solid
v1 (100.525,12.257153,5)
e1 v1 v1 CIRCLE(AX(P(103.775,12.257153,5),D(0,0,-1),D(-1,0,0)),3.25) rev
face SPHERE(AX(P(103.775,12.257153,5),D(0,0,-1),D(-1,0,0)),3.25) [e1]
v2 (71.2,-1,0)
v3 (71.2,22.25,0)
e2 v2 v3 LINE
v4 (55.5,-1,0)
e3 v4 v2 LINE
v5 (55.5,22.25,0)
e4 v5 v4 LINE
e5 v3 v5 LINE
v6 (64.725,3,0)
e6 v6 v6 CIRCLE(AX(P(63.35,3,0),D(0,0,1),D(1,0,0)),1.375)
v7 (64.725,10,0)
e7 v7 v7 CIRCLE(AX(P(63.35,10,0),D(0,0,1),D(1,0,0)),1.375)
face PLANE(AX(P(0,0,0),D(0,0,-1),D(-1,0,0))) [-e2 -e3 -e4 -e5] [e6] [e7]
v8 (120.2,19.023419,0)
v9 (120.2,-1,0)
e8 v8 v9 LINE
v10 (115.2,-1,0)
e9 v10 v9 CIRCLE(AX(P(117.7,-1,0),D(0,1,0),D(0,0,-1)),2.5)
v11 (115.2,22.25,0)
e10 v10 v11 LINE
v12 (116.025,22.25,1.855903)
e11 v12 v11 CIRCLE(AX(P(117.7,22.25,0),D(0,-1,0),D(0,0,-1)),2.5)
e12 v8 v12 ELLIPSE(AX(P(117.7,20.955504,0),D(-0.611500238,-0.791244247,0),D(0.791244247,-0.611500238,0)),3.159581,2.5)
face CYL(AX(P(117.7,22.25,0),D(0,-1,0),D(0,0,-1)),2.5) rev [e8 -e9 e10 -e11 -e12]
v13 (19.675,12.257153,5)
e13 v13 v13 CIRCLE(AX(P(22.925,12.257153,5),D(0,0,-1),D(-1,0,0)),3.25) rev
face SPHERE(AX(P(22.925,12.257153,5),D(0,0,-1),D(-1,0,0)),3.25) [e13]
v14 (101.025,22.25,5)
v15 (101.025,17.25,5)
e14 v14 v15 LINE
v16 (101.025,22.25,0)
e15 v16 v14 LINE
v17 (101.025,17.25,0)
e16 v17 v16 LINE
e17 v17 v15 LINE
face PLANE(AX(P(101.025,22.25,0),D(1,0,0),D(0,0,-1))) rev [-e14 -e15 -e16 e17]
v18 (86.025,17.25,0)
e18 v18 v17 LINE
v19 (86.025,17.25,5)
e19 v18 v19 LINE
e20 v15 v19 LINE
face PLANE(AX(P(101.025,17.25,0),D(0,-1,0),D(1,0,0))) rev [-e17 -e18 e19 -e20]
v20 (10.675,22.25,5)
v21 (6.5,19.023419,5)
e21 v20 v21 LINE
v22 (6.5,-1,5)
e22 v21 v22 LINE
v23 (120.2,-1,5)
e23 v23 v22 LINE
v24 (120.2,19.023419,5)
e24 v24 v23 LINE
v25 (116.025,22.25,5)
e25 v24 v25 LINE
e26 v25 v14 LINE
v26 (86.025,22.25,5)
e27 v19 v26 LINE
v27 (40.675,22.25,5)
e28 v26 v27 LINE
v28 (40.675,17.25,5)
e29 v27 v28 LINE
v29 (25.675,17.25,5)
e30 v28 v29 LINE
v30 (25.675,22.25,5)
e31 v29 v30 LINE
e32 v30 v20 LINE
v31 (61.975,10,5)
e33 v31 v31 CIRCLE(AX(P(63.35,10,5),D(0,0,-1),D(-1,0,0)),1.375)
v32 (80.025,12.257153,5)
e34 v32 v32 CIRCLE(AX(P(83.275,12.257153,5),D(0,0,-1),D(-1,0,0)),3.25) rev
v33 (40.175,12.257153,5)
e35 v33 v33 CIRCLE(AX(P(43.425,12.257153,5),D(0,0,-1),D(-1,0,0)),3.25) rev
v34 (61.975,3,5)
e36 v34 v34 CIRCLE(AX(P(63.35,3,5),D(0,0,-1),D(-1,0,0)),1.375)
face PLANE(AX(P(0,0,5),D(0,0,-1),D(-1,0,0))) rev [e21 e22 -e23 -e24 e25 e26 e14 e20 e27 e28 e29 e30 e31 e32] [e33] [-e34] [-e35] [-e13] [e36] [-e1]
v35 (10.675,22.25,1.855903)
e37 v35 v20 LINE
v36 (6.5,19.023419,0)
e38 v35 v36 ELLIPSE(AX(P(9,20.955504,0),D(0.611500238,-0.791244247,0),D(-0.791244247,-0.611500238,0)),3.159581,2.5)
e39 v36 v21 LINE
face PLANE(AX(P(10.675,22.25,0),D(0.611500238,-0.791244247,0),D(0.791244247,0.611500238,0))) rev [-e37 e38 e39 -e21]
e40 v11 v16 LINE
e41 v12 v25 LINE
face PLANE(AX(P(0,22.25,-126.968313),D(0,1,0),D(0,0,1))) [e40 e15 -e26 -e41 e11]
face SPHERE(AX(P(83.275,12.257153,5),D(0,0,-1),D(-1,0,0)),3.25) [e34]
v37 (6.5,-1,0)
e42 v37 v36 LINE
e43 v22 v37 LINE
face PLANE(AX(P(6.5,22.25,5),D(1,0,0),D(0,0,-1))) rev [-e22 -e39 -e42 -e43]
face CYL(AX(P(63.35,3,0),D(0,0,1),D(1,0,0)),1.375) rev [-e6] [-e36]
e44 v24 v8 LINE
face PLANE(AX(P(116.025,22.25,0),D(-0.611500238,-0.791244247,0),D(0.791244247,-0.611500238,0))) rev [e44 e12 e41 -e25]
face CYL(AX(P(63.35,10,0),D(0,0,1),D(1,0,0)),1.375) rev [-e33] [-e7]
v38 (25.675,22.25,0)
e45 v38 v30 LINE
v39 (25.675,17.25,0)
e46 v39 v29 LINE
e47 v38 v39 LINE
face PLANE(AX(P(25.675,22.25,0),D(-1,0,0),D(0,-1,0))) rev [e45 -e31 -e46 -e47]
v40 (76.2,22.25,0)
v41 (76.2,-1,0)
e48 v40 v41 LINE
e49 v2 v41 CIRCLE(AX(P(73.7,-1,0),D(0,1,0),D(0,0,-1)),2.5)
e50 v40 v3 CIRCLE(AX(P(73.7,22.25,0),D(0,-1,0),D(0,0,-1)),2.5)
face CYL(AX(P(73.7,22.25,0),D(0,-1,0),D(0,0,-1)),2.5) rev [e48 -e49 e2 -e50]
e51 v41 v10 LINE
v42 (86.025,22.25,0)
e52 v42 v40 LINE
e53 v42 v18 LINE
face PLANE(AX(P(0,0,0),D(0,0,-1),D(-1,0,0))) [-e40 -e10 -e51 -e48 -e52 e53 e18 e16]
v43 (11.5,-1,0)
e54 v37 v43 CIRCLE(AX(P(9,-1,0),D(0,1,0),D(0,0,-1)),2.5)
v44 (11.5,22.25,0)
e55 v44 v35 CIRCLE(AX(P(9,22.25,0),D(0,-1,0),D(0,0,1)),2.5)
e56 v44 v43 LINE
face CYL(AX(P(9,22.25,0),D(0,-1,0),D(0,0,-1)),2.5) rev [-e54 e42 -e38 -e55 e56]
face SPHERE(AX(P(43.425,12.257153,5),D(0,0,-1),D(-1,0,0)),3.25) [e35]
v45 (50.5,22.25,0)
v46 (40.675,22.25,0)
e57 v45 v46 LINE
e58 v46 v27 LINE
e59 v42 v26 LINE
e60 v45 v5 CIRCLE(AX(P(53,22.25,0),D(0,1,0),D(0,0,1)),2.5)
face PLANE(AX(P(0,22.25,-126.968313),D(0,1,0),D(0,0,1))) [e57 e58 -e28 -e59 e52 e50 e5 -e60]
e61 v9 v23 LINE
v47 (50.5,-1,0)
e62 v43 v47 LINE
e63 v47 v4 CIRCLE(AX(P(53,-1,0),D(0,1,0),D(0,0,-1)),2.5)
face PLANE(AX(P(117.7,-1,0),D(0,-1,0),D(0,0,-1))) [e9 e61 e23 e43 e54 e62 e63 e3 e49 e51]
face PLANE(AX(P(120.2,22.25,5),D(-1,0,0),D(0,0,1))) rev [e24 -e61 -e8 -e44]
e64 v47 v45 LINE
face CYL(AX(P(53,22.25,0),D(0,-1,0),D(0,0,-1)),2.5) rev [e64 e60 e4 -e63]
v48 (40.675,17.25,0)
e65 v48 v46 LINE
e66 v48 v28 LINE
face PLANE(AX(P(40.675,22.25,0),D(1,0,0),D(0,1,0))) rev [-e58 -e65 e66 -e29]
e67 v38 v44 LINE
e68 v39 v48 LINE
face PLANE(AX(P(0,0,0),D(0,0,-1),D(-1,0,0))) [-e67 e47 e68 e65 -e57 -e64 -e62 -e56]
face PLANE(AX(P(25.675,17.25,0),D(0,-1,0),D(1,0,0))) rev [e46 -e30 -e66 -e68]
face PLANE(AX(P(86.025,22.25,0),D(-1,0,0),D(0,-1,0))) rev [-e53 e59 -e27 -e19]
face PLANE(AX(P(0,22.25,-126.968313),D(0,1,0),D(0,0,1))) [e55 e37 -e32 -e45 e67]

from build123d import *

# Parameters (mm, degrees)
SKETCH1_W                = 126.7
SKETCH1_H                = 14
BRACKETBASE_DEPTH        = 5
SKETCH2_R                = 1.375
MOUNTINGHOLES_DEPTH      = 1
MOUNTINGHOLES_DEPTH_BACK = 6
SKETCH5_W                = 126.7
SKETCH5_H                = 8.25
BASEEXTENSION_DEPTH      = 5
REVOLVE1_ANGLE           = 180
REVOLVE2_ANGLE           = 180
REVOLVE3_ANGLE           = 180
REVOLVE4_ANGLE           = 180
SKETCH9_W                = 15
SKETCH9_H                = 5
CUT_EXTRUDE2_DEPTH       = 4.25
CUT_EXTRUDE2_DEPTH_BACK  = 6
CUT_EXTRUDE3_DEPTH       = 4.25
CUT_EXTRUDE3_DEPTH_BACK  = 6
SKETCH11_R               = 2.5
CUT_EXTRUDE4_DEPTH       = 23.25
SKETCH12_R               = 2.5
CUT_EXTRUDE5_DEPTH       = 23.25
SKETCH13_W               = 6.5
SKETCH13_H               = 5
CUT_EXTRUDE6_DEPTH       = 1.0000001
CUT_EXTRUDE6_DEPTH_BACK  = 23.25
BOSS_EXTRUDE1_DEPTH      = 1


with BuildPart() as part:
    # Sketch1 → bracketBase (new body)
    with BuildSketch(Plane.XY):
        with Locations((63.35, 7)):
            Rectangle(SKETCH1_W, SKETCH1_H)
    extrude(amount=BRACKETBASE_DEPTH)

    # Sketch2 → mountingHoles (cut, two sides)
    with BuildSketch(Plane.XY.offset(5)) as mountingholes_sk:
        with Locations((63.35, 10)):
            Circle(SKETCH2_R)
        with Locations((63.35, 3)):
            Circle(SKETCH2_R)
        with Locations((123.7, 10)):
            Circle(SKETCH2_R)
        with Locations((123.7, 3)):
            Circle(SKETCH2_R)
        with Locations((3, 3)):
            Circle(SKETCH2_R)
        with Locations((3, 10)):
            Circle(SKETCH2_R)
    extrude(amount=MOUNTINGHOLES_DEPTH, mode=Mode.SUBTRACT)
    extrude(mountingholes_sk.sketch, amount=-MOUNTINGHOLES_DEPTH_BACK, mode=Mode.SUBTRACT)

    # Sketch5 → baseExtension (add)
    with BuildSketch(Plane.XY.offset(5)):
        with Locations((63.35, 18.125)):
            Rectangle(SKETCH5_W, SKETCH5_H)
    extrude(amount=-BASEEXTENSION_DEPTH)

    # Sketch4 → Revolve1 (revolve)
    with BuildSketch(Plane.XY.offset(5)):
        with BuildLine():
            Line((43.425, 9.00715266), (43.425, 15.50715266))
            ThreePointArc((43.425, 15.50715266), (40.175, 12.25715266), (43.425, 9.00715266))
        make_face()
    revolve(axis=Axis((43.425, 9.00715266, 5), (0, 1, 0)), revolution_arc=REVOLVE1_ANGLE)

    # Sketch6 → Revolve2 (revolve)
    with BuildSketch(Plane.XY.offset(5)):
        with BuildLine():
            Line((22.925, 9.00715266), (22.925, 15.50715266))
            ThreePointArc((22.925, 15.50715266), (26.175, 12.25715266), (22.925, 9.00715266))
        make_face()
    revolve(axis=Axis((22.925, 9.00715266, 5), (0, -1, 0)), revolution_arc=REVOLVE2_ANGLE)

    # Sketch7 → Revolve3 (revolve)
    with BuildSketch(Plane.XY.offset(5)):
        with BuildLine():
            Line((83.275, 9.00715266), (83.275, 15.50715266))
            ThreePointArc((83.275, 15.50715266), (86.525, 12.25715266), (83.275, 9.00715266))
        make_face()
    revolve(axis=Axis((83.275, 9.00715266, 5), (0, -1, 0)), revolution_arc=REVOLVE3_ANGLE)

    # Sketch8 → Revolve4 (revolve)
    with BuildSketch(Plane.XY.offset(5)):
        with BuildLine():
            Line((103.775, 9.00715266), (103.775, 15.50715266))
            ThreePointArc((103.775, 15.50715266), (100.525, 12.25715266), (103.775, 9.00715266))
        make_face()
    revolve(axis=Axis((103.775, 9.00715266, 5), (0, 1, 0)), revolution_arc=REVOLVE4_ANGLE)

    # Sketch9 → Cut-Extrude2 (cut, two sides)
    with BuildSketch(Plane.XY.offset(5)) as cut_extrude2_sk:
        with Locations((33.175, 19.75)):
            Rectangle(SKETCH9_W, SKETCH9_H)
        with Locations((93.525, 19.75)):
            Rectangle(SKETCH9_W, SKETCH9_H)
    extrude(amount=CUT_EXTRUDE2_DEPTH, mode=Mode.SUBTRACT)
    extrude(cut_extrude2_sk.sketch, amount=-CUT_EXTRUDE2_DEPTH_BACK, mode=Mode.SUBTRACT)

    # Sketch10 → Cut-Extrude3 (cut, two sides)
    with BuildSketch(Plane.XY.offset(5)) as cut_extrude3_sk:
        Polygon((116.025, 22.25), (126.7, 14), (126.7, 22.25), align=None)
        Polygon((0, 14), (0, 22.25), (10.675, 22.25), align=None)
    extrude(amount=CUT_EXTRUDE3_DEPTH, mode=Mode.SUBTRACT)
    extrude(cut_extrude3_sk.sketch, amount=-CUT_EXTRUDE3_DEPTH_BACK, mode=Mode.SUBTRACT)

    # Sketch11 → Cut-Extrude4 (cut, through all)
    with BuildSketch(Plane.XZ):
        with Locations((126.95, 1.155770847)):
            Circle(SKETCH11_R)
        with Locations((-0.25, 1.155770847)):
            Circle(SKETCH11_R)
    extrude(amount=-CUT_EXTRUDE4_DEPTH, mode=Mode.SUBTRACT)

    # Sketch12 → Cut-Extrude5 (cut, through all)
    with BuildSketch(Plane.XZ):
        with Locations((117.7, 0)):
            Circle(SKETCH12_R)
        with Locations((73.7, 0)):
            Circle(SKETCH12_R)
        with Locations((53, 0)):
            Circle(SKETCH12_R)
        with Locations((9, 0)):
            Circle(SKETCH12_R)
    extrude(amount=-CUT_EXTRUDE5_DEPTH, mode=Mode.SUBTRACT)

    # Sketch13 → Cut-Extrude6 (cut, two sides)
    with BuildSketch(Plane.XZ) as cut_extrude6_sk:
        with Locations((123.45, 2.5)):
            Rectangle(SKETCH13_W, SKETCH13_H)
        with Locations((3.25, 2.5)):
            Rectangle(SKETCH13_W, SKETCH13_H)
    extrude(amount=CUT_EXTRUDE6_DEPTH, mode=Mode.SUBTRACT)
    extrude(cut_extrude6_sk.sketch, amount=-CUT_EXTRUDE6_DEPTH_BACK, mode=Mode.SUBTRACT)

    # Sketch14 → Boss-Extrude1 (add)
    with BuildSketch(Plane.XZ):
        with BuildLine():
            Line((120.2, 0), (120.2, 5))
            Line((120.2, 5), (6.5, 5))
            Line((6.5, 5), (6.5, 0))
            ThreePointArc((6.5, 0), (9, 2.5), (11.5, 0))
            Line((11.5, 0), (50.5, 0))
            ThreePointArc((50.5, 0), (53, 2.5), (55.5, 0))
            Line((55.5, 0), (71.2, 0))
            ThreePointArc((71.2, 0), (73.7, 2.5), (76.2, 0))
            Line((76.2, 0), (115.2, 0))
            ThreePointArc((115.2, 0), (117.7, 2.5), (120.2, 0))
        make_face()
    extrude(amount=BOSS_EXTRUDE1_DEPTH)


solid = part.part
